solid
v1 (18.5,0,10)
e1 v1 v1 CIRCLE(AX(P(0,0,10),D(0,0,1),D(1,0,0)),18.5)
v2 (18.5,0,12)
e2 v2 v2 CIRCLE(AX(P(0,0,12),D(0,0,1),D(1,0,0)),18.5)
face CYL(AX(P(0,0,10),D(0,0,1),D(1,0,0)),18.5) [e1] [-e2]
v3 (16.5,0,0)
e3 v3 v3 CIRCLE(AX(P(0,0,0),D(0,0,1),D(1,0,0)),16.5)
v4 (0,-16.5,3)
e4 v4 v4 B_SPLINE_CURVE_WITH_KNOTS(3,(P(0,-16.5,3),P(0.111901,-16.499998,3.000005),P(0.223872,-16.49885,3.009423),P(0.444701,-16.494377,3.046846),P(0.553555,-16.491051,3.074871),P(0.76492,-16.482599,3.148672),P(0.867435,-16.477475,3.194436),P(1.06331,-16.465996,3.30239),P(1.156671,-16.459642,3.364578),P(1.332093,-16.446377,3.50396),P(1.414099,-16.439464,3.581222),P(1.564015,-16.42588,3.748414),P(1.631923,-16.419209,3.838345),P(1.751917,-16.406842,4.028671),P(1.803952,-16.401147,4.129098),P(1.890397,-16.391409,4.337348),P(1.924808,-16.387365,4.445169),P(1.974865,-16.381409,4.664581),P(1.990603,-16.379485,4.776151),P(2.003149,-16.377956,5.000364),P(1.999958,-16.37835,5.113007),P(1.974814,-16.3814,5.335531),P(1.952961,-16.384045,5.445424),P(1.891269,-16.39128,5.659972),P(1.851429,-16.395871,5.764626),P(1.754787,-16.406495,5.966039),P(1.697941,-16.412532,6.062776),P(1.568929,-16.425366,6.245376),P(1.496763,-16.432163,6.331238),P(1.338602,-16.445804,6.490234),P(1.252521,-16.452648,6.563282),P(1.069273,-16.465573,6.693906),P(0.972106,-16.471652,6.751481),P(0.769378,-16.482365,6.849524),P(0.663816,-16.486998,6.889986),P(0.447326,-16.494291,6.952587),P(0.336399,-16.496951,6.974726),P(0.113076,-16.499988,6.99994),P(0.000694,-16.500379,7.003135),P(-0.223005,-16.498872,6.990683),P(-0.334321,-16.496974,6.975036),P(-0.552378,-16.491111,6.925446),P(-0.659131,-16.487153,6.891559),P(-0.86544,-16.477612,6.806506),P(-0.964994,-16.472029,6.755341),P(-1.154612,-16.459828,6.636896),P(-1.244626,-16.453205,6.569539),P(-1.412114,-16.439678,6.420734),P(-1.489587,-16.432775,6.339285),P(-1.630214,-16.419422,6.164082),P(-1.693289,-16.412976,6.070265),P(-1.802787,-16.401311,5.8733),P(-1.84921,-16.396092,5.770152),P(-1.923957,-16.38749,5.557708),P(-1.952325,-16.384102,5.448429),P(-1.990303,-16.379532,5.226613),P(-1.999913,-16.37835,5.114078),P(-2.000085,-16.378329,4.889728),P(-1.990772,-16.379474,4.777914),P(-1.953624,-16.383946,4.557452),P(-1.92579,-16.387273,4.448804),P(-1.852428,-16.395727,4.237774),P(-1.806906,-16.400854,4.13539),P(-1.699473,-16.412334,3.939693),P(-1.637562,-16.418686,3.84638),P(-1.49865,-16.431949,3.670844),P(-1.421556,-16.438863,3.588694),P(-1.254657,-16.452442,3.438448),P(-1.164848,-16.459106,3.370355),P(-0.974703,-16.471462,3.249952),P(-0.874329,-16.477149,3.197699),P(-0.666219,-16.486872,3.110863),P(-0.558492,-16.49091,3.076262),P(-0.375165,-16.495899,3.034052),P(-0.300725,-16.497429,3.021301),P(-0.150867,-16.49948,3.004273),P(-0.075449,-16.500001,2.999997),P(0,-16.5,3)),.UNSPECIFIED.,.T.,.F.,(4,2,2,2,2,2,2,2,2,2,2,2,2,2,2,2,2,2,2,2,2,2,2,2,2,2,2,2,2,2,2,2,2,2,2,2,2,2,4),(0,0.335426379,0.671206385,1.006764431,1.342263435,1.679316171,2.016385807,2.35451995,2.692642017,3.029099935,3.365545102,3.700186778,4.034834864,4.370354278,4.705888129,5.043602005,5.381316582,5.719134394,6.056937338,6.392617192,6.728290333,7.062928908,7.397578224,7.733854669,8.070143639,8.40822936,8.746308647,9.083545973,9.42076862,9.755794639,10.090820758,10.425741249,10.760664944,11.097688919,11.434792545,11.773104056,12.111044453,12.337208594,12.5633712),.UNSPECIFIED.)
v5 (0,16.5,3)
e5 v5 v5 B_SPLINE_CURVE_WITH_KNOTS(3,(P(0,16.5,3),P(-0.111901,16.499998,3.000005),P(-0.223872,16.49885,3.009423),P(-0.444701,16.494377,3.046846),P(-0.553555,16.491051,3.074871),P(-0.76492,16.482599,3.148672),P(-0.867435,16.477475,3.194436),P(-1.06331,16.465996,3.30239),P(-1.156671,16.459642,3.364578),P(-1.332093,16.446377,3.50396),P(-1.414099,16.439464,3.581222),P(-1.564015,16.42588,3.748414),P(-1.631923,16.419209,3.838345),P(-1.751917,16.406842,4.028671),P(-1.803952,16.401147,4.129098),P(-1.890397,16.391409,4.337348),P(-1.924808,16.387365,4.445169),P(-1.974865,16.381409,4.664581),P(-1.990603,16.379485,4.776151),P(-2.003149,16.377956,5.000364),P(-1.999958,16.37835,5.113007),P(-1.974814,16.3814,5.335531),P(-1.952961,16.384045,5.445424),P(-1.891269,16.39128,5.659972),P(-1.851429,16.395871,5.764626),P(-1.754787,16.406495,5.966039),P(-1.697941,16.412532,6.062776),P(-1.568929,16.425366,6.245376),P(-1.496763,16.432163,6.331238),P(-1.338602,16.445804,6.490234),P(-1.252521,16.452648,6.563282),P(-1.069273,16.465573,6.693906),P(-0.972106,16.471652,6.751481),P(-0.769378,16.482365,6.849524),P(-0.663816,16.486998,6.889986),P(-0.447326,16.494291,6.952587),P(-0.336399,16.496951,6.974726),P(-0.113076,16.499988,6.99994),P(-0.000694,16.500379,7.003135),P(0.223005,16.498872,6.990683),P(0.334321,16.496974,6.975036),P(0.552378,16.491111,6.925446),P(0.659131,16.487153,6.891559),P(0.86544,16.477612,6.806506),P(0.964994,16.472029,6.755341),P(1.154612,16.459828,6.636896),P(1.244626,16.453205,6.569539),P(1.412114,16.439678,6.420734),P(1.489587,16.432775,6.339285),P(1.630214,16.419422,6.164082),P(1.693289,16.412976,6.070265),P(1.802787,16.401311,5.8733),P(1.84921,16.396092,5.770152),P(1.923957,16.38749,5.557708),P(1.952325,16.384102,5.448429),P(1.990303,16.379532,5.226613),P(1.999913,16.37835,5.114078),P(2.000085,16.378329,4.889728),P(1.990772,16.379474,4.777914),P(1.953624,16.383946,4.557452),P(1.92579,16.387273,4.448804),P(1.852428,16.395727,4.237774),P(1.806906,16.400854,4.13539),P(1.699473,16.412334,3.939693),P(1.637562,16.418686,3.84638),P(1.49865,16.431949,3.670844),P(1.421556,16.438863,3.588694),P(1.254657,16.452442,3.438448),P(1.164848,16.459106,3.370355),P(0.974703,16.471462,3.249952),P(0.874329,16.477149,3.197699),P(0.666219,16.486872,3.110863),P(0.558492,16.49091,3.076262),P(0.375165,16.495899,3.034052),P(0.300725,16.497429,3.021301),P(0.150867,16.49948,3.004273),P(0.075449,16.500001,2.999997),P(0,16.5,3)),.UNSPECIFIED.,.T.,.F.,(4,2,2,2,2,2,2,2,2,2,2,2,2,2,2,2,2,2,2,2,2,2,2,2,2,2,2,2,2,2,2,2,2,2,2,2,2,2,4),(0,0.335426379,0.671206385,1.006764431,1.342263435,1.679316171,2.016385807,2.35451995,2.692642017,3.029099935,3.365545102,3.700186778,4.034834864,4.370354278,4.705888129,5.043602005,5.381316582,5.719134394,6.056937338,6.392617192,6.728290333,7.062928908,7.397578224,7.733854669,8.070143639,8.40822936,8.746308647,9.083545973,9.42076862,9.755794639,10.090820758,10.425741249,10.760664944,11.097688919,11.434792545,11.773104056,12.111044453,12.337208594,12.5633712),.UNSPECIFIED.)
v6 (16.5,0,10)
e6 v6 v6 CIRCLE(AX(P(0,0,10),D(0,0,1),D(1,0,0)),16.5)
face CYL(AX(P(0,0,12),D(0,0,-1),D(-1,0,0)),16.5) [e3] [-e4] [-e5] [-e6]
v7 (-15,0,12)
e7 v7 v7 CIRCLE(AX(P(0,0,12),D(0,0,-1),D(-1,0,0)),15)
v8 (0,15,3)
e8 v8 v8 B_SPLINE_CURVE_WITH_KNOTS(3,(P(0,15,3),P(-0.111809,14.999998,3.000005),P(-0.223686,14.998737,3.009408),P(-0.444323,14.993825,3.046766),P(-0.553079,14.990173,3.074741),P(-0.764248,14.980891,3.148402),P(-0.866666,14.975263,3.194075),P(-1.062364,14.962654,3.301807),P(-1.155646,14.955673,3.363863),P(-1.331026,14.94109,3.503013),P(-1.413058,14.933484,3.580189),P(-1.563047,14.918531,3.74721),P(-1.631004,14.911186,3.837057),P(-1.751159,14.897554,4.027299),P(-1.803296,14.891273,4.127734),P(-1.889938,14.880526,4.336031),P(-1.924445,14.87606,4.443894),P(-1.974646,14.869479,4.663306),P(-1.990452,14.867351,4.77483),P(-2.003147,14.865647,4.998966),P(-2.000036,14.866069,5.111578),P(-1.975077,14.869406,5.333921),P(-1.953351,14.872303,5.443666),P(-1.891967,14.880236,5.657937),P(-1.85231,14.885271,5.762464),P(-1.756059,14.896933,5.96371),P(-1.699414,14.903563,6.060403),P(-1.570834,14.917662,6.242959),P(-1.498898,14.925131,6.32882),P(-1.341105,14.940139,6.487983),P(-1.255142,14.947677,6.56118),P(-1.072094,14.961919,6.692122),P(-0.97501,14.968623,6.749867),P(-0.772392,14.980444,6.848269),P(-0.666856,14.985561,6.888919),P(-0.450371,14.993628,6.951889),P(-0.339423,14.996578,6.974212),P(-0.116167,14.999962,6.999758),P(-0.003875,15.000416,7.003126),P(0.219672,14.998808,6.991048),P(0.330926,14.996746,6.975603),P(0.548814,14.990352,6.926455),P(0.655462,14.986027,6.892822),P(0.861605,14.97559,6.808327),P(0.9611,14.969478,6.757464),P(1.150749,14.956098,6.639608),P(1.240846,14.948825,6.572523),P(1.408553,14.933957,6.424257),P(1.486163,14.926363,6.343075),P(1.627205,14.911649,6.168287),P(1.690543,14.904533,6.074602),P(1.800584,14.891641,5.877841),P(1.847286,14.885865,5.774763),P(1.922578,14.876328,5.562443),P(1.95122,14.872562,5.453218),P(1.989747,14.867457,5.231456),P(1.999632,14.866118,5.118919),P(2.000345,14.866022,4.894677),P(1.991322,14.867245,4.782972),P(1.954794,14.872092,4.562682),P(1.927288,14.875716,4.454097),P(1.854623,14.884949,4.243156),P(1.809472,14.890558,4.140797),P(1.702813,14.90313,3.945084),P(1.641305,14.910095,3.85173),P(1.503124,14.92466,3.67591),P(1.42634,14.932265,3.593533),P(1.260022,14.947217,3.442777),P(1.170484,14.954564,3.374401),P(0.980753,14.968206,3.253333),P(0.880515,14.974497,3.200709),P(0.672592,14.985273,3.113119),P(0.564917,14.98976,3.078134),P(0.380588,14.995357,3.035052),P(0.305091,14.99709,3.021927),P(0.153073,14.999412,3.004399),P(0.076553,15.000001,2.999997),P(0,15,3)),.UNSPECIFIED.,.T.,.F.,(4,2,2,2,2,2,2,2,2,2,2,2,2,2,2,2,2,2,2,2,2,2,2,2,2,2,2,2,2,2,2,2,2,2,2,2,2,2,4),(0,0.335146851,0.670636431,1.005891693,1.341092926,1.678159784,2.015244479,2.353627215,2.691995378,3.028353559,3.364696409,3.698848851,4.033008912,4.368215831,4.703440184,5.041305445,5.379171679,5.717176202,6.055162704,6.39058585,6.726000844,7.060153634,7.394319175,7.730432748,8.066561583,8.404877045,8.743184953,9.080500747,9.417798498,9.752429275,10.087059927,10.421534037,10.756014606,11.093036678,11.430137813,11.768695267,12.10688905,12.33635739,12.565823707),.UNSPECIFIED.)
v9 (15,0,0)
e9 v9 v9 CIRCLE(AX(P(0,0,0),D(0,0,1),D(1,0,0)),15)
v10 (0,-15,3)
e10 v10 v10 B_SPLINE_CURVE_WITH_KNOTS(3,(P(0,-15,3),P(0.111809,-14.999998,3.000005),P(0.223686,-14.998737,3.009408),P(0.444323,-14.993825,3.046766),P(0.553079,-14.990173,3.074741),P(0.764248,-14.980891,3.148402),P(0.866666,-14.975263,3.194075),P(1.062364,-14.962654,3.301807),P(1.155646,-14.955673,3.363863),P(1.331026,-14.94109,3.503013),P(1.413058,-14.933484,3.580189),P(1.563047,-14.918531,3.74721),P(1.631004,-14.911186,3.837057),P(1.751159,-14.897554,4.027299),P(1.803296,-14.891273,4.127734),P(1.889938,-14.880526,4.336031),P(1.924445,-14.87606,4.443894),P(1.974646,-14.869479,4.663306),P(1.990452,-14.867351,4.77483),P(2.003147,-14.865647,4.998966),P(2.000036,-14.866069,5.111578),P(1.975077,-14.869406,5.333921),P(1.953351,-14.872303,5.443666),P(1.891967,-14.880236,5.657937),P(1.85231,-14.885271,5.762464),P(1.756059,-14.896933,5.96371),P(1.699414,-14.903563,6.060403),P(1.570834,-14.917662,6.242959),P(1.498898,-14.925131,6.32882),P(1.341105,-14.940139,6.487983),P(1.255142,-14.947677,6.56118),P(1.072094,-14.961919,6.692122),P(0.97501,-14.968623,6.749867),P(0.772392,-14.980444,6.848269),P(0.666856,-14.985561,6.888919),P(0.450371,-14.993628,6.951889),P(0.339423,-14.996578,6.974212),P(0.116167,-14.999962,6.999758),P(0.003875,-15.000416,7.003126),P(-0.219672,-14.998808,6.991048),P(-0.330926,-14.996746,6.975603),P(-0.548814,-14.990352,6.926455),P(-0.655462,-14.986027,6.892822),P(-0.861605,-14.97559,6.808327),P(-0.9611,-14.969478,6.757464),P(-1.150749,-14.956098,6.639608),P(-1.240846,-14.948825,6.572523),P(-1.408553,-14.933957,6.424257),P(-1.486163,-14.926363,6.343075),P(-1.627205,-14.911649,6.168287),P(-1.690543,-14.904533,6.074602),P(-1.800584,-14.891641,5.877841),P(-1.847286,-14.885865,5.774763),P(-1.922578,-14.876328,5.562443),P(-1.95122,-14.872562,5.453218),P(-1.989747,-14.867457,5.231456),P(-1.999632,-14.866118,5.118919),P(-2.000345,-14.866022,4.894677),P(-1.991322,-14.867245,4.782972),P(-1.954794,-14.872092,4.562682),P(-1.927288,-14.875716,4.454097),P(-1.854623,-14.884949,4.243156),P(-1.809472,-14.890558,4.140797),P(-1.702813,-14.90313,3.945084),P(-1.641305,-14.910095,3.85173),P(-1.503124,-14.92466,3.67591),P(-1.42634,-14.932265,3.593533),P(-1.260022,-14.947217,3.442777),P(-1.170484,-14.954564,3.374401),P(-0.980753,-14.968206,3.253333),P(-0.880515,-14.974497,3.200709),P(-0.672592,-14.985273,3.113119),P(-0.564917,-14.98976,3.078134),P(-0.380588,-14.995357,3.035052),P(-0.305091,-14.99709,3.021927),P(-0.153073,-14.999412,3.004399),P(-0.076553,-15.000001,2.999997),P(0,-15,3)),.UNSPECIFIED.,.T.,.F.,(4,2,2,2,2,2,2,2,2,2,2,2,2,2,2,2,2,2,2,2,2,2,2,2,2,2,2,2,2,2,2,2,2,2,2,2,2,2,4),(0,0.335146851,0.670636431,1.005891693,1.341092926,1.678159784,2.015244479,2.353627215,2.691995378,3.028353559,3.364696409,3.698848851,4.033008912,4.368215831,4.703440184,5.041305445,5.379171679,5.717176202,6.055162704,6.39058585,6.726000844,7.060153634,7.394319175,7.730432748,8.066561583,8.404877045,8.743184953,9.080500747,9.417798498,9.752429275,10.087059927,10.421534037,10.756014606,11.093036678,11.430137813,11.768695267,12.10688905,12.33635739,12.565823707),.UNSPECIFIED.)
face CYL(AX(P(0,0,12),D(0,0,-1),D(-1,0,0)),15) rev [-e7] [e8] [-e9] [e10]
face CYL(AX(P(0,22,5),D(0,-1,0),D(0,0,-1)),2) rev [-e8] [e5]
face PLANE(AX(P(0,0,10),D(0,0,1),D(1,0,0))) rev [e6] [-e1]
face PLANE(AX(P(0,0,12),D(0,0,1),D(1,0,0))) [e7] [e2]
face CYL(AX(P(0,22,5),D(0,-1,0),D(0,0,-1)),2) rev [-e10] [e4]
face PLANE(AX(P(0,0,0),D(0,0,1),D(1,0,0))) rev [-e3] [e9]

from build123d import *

# Parameters (mm, degrees)
CROQUIS2_R                 = 16.5
CROQUIS2_R_2               = 15
SALIENTE_EXTRUIR1_DEPTH    = 12
CROQUIS3_R                 = 18.5
SALIENTE_EXTRUIR2_DEPTH    = 2
CROQUIS4_R                 = 15
CORTAR_EXTRUIR1_DEPTH      = 2
CORTAR_EXTRUIR2_DEPTH      = 22
CORTAR_EXTRUIR2_DEPTH_BACK = 21
CROQUIS5_R                 = 2


with BuildPart() as part:
    # Croquis2 → Saliente-Extruir1 (new body)
    with BuildSketch(Plane.XY):
        Circle(CROQUIS2_R)
        Circle(CROQUIS2_R_2, mode=Mode.SUBTRACT)
    extrude(amount=SALIENTE_EXTRUIR1_DEPTH)

    # Croquis3 → Saliente-Extruir2 (add)
    with BuildSketch(Plane.XY.offset(12)):
        Circle(CROQUIS3_R)
    extrude(amount=-SALIENTE_EXTRUIR2_DEPTH)

    # Croquis4 → Cortar-Extruir1 (cut)
    with BuildSketch(Plane(origin=(0, 0, 10), x_dir=(-1, 0, 0), z_dir=(0, 0, -1))):
        Circle(CROQUIS4_R)
    extrude(amount=-CORTAR_EXTRUIR1_DEPTH, mode=Mode.SUBTRACT)

    # Croquis5 → Cortar-Extruir2 (cut, two sides: drawn at the far end of the back side and taken through both)
    with BuildSketch(Plane(origin=(0, 0, 0), x_dir=(1, 0, 0), z_dir=(0, 1, 0)).offset(-CORTAR_EXTRUIR2_DEPTH_BACK)):
        with Locations(Location((0, -5, 0), (0, 0, 90))):
            Circle(CROQUIS5_R)
    extrude(amount=CORTAR_EXTRUIR2_DEPTH + CORTAR_EXTRUIR2_DEPTH_BACK, mode=Mode.SUBTRACT)


solid = part.part
